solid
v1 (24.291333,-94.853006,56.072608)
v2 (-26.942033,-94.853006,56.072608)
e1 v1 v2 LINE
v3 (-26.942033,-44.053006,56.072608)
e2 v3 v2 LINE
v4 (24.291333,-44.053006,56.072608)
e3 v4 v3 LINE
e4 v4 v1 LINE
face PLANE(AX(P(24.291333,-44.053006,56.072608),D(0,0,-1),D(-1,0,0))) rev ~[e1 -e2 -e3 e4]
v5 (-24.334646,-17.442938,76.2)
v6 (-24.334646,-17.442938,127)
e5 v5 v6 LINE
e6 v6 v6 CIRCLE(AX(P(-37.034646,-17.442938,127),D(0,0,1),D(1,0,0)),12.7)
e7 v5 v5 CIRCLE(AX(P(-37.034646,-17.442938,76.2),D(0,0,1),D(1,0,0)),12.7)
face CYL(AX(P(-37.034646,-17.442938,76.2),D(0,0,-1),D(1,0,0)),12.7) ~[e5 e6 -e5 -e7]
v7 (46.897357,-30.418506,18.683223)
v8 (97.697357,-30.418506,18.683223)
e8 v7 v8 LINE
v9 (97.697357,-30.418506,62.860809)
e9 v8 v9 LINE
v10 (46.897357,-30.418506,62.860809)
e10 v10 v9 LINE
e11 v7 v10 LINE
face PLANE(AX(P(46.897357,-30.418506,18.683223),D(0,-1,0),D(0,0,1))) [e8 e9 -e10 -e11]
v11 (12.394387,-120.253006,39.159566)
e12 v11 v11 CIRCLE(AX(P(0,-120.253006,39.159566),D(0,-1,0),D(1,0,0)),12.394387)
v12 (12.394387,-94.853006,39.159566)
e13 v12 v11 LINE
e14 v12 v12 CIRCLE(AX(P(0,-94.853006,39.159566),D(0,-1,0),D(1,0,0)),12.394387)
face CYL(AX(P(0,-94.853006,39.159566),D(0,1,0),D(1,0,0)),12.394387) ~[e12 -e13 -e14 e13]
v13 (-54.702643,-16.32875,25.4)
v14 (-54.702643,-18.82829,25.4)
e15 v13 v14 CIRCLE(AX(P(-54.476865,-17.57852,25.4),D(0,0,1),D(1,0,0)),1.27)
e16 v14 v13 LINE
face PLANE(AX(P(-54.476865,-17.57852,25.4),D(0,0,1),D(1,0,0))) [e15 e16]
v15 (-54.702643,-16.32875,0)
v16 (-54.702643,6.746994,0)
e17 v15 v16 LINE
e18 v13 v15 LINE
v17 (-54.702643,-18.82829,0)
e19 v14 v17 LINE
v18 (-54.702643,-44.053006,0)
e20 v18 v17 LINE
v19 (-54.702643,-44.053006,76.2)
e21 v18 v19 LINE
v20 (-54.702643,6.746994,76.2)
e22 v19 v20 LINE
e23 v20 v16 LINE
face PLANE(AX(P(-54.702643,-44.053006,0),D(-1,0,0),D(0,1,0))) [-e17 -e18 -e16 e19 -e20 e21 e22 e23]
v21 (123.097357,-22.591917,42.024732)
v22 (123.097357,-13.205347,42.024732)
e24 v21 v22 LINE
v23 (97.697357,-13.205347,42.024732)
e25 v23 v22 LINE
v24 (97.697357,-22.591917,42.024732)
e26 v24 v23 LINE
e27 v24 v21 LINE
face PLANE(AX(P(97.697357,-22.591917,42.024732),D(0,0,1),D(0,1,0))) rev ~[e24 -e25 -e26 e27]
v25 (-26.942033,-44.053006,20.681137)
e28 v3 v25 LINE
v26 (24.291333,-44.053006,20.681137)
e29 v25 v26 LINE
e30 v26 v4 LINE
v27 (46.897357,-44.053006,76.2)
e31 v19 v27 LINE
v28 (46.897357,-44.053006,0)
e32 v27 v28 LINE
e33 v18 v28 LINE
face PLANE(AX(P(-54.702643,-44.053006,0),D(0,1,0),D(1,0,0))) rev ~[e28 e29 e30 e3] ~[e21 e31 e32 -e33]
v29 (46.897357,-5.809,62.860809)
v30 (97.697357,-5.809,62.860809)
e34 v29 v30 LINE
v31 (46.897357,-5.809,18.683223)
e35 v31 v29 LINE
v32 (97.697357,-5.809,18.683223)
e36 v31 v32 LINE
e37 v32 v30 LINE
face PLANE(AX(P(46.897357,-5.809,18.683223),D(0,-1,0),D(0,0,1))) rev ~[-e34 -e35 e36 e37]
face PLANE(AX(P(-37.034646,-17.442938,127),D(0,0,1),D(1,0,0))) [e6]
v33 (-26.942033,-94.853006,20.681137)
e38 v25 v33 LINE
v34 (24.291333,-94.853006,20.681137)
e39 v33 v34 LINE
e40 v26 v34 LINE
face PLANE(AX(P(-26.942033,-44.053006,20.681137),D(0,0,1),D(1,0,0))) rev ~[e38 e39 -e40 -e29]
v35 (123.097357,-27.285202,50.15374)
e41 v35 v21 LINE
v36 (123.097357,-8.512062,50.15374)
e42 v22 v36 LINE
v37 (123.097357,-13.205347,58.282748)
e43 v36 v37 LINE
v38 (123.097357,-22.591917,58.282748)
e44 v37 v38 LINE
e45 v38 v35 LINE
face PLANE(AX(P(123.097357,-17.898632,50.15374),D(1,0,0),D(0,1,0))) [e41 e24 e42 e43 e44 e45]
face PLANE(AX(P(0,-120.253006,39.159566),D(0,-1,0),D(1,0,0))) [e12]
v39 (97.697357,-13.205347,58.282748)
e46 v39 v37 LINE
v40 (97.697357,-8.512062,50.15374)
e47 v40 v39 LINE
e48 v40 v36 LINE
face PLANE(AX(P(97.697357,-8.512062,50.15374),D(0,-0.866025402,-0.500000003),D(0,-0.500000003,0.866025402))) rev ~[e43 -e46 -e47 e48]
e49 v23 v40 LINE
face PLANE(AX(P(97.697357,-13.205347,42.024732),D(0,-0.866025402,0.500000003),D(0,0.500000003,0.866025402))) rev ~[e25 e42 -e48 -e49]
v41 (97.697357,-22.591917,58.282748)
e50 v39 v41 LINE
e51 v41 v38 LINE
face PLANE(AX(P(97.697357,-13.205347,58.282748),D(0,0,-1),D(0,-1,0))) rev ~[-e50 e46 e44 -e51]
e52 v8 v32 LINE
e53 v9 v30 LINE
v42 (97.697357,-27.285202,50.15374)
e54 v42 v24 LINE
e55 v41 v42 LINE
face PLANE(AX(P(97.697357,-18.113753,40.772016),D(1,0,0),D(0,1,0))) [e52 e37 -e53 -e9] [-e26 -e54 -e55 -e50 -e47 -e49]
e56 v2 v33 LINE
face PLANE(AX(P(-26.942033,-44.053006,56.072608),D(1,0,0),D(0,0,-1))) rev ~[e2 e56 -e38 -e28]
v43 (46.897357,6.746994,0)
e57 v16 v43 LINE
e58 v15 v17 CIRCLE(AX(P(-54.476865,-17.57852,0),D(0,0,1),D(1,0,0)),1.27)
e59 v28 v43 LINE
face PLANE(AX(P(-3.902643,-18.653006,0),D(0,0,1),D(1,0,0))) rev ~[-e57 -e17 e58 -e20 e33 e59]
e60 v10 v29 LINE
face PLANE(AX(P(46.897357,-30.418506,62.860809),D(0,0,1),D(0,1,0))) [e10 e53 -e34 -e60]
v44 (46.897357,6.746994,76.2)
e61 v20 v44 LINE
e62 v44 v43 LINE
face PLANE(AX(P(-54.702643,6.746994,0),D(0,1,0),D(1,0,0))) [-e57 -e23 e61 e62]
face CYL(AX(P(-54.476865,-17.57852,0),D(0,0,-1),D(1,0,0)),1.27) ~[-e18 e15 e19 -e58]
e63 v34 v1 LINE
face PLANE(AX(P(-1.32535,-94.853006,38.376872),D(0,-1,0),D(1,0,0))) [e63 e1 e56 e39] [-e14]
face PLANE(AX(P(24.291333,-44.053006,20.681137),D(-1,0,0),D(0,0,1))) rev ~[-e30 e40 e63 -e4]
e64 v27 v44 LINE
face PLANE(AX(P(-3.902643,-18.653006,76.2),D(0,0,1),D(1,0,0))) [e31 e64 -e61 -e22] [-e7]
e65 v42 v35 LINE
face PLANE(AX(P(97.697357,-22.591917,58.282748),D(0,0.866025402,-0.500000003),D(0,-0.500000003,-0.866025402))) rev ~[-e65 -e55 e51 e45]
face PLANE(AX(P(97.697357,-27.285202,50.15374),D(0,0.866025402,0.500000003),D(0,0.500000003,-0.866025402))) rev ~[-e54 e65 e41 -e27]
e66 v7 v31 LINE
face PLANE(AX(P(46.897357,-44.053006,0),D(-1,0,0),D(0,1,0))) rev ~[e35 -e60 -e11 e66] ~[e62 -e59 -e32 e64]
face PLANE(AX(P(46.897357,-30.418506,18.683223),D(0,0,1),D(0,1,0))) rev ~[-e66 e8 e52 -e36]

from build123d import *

# Parameters (mm, degrees)
F0_W      = 101.6
F0_H      = 50.8
F0_R      = 16.775178
F1_DEPTH  = 50.8
F2_R      = 1.27
F2_R_2    = 12.7
F1_FACE_W = 101.6
F1_FACE_H = 50.8
F3_DEPTH  = 25.4
F4_R      = 12.7
F5_DEPTH  = 50.8
F6_W      = 24.609506
F6_H      = 44.177586
F7_DEPTH  = 50.8
F9_DEPTH  = 25.4
F11_DEPTH = 50.8
F12_R     = 12.394387
F13_DEPTH = 25.4


with BuildPart() as f1:
    # F0 (on Top) → F1 (new body)
    with BuildSketch(Plane.XY):
        with Locations((-3.902643, -18.653006)):
            Rectangle(F0_W, F0_H)
        with Locations((-16.602643, -18.653006)):
            Circle(F0_R, mode=Mode.SUBTRACT)
        with Locations((-16.602643, -18.653006)):
            Circle(F0_R)
    extrude(amount=F1_DEPTH)

    # F2 (on Top) + F1_face (on face) → F3 (join)
    with BuildSketch(Plane.XY):
        with Locations((-54.476865, -17.57852)):
            Circle(F2_R)
        with Locations((-32.452784, -17.5102)):
            Circle(F2_R_2)
    with BuildSketch(Plane(origin=(-3.902643, -18.653006, 50.8), x_dir=(1, 0, 0), z_dir=(0, 0, 1))):
        Rectangle(F1_FACE_W, F1_FACE_H)
    extrude(amount=F3_DEPTH)

    # F4 (on face) → F5 (join)
    with BuildSketch(Plane.XY.offset(76.2)):
        with Locations((-37.034646, -17.442938)):
            Circle(F4_R)
    extrude(amount=F5_DEPTH)

    # F6 (on face) → F7 (join)
    with BuildSketch(Plane.YZ.offset(46.897357)):
        with Locations((-18.113753, 40.772016)):
            Rectangle(F6_W, F6_H)
    extrude(amount=F7_DEPTH)

    # F8 (on face) → F9 (join)
    with BuildSketch(Plane.YZ.offset(97.697357)):
        Polygon((-22.591917, 42.024732), (-13.205347, 42.024732), (-8.512062, 50.15374), (-13.205347, 58.282748), (-22.591917, 58.282748), (-27.285202, 50.15374), align=None)
    extrude(amount=F9_DEPTH)

    # F10 (on face) → F11 (join)
    with BuildSketch(Plane.XZ.offset(44.053006)):
        Polygon((24.291333, 56.072608), (-26.942033, 56.072608), (-26.942033, 20.681137), (9.460622, 20.681137), (24.291333, 20.681137), (24.291333, 32.478295), align=None)
    extrude(amount=F11_DEPTH)

    # F12 (on face) → F13 (join)
    with BuildSketch(Plane.XZ.offset(94.853006)):
        with Locations((0, 39.159566)):
            Circle(F12_R)
    extrude(amount=F13_DEPTH)


solid = f1.part
